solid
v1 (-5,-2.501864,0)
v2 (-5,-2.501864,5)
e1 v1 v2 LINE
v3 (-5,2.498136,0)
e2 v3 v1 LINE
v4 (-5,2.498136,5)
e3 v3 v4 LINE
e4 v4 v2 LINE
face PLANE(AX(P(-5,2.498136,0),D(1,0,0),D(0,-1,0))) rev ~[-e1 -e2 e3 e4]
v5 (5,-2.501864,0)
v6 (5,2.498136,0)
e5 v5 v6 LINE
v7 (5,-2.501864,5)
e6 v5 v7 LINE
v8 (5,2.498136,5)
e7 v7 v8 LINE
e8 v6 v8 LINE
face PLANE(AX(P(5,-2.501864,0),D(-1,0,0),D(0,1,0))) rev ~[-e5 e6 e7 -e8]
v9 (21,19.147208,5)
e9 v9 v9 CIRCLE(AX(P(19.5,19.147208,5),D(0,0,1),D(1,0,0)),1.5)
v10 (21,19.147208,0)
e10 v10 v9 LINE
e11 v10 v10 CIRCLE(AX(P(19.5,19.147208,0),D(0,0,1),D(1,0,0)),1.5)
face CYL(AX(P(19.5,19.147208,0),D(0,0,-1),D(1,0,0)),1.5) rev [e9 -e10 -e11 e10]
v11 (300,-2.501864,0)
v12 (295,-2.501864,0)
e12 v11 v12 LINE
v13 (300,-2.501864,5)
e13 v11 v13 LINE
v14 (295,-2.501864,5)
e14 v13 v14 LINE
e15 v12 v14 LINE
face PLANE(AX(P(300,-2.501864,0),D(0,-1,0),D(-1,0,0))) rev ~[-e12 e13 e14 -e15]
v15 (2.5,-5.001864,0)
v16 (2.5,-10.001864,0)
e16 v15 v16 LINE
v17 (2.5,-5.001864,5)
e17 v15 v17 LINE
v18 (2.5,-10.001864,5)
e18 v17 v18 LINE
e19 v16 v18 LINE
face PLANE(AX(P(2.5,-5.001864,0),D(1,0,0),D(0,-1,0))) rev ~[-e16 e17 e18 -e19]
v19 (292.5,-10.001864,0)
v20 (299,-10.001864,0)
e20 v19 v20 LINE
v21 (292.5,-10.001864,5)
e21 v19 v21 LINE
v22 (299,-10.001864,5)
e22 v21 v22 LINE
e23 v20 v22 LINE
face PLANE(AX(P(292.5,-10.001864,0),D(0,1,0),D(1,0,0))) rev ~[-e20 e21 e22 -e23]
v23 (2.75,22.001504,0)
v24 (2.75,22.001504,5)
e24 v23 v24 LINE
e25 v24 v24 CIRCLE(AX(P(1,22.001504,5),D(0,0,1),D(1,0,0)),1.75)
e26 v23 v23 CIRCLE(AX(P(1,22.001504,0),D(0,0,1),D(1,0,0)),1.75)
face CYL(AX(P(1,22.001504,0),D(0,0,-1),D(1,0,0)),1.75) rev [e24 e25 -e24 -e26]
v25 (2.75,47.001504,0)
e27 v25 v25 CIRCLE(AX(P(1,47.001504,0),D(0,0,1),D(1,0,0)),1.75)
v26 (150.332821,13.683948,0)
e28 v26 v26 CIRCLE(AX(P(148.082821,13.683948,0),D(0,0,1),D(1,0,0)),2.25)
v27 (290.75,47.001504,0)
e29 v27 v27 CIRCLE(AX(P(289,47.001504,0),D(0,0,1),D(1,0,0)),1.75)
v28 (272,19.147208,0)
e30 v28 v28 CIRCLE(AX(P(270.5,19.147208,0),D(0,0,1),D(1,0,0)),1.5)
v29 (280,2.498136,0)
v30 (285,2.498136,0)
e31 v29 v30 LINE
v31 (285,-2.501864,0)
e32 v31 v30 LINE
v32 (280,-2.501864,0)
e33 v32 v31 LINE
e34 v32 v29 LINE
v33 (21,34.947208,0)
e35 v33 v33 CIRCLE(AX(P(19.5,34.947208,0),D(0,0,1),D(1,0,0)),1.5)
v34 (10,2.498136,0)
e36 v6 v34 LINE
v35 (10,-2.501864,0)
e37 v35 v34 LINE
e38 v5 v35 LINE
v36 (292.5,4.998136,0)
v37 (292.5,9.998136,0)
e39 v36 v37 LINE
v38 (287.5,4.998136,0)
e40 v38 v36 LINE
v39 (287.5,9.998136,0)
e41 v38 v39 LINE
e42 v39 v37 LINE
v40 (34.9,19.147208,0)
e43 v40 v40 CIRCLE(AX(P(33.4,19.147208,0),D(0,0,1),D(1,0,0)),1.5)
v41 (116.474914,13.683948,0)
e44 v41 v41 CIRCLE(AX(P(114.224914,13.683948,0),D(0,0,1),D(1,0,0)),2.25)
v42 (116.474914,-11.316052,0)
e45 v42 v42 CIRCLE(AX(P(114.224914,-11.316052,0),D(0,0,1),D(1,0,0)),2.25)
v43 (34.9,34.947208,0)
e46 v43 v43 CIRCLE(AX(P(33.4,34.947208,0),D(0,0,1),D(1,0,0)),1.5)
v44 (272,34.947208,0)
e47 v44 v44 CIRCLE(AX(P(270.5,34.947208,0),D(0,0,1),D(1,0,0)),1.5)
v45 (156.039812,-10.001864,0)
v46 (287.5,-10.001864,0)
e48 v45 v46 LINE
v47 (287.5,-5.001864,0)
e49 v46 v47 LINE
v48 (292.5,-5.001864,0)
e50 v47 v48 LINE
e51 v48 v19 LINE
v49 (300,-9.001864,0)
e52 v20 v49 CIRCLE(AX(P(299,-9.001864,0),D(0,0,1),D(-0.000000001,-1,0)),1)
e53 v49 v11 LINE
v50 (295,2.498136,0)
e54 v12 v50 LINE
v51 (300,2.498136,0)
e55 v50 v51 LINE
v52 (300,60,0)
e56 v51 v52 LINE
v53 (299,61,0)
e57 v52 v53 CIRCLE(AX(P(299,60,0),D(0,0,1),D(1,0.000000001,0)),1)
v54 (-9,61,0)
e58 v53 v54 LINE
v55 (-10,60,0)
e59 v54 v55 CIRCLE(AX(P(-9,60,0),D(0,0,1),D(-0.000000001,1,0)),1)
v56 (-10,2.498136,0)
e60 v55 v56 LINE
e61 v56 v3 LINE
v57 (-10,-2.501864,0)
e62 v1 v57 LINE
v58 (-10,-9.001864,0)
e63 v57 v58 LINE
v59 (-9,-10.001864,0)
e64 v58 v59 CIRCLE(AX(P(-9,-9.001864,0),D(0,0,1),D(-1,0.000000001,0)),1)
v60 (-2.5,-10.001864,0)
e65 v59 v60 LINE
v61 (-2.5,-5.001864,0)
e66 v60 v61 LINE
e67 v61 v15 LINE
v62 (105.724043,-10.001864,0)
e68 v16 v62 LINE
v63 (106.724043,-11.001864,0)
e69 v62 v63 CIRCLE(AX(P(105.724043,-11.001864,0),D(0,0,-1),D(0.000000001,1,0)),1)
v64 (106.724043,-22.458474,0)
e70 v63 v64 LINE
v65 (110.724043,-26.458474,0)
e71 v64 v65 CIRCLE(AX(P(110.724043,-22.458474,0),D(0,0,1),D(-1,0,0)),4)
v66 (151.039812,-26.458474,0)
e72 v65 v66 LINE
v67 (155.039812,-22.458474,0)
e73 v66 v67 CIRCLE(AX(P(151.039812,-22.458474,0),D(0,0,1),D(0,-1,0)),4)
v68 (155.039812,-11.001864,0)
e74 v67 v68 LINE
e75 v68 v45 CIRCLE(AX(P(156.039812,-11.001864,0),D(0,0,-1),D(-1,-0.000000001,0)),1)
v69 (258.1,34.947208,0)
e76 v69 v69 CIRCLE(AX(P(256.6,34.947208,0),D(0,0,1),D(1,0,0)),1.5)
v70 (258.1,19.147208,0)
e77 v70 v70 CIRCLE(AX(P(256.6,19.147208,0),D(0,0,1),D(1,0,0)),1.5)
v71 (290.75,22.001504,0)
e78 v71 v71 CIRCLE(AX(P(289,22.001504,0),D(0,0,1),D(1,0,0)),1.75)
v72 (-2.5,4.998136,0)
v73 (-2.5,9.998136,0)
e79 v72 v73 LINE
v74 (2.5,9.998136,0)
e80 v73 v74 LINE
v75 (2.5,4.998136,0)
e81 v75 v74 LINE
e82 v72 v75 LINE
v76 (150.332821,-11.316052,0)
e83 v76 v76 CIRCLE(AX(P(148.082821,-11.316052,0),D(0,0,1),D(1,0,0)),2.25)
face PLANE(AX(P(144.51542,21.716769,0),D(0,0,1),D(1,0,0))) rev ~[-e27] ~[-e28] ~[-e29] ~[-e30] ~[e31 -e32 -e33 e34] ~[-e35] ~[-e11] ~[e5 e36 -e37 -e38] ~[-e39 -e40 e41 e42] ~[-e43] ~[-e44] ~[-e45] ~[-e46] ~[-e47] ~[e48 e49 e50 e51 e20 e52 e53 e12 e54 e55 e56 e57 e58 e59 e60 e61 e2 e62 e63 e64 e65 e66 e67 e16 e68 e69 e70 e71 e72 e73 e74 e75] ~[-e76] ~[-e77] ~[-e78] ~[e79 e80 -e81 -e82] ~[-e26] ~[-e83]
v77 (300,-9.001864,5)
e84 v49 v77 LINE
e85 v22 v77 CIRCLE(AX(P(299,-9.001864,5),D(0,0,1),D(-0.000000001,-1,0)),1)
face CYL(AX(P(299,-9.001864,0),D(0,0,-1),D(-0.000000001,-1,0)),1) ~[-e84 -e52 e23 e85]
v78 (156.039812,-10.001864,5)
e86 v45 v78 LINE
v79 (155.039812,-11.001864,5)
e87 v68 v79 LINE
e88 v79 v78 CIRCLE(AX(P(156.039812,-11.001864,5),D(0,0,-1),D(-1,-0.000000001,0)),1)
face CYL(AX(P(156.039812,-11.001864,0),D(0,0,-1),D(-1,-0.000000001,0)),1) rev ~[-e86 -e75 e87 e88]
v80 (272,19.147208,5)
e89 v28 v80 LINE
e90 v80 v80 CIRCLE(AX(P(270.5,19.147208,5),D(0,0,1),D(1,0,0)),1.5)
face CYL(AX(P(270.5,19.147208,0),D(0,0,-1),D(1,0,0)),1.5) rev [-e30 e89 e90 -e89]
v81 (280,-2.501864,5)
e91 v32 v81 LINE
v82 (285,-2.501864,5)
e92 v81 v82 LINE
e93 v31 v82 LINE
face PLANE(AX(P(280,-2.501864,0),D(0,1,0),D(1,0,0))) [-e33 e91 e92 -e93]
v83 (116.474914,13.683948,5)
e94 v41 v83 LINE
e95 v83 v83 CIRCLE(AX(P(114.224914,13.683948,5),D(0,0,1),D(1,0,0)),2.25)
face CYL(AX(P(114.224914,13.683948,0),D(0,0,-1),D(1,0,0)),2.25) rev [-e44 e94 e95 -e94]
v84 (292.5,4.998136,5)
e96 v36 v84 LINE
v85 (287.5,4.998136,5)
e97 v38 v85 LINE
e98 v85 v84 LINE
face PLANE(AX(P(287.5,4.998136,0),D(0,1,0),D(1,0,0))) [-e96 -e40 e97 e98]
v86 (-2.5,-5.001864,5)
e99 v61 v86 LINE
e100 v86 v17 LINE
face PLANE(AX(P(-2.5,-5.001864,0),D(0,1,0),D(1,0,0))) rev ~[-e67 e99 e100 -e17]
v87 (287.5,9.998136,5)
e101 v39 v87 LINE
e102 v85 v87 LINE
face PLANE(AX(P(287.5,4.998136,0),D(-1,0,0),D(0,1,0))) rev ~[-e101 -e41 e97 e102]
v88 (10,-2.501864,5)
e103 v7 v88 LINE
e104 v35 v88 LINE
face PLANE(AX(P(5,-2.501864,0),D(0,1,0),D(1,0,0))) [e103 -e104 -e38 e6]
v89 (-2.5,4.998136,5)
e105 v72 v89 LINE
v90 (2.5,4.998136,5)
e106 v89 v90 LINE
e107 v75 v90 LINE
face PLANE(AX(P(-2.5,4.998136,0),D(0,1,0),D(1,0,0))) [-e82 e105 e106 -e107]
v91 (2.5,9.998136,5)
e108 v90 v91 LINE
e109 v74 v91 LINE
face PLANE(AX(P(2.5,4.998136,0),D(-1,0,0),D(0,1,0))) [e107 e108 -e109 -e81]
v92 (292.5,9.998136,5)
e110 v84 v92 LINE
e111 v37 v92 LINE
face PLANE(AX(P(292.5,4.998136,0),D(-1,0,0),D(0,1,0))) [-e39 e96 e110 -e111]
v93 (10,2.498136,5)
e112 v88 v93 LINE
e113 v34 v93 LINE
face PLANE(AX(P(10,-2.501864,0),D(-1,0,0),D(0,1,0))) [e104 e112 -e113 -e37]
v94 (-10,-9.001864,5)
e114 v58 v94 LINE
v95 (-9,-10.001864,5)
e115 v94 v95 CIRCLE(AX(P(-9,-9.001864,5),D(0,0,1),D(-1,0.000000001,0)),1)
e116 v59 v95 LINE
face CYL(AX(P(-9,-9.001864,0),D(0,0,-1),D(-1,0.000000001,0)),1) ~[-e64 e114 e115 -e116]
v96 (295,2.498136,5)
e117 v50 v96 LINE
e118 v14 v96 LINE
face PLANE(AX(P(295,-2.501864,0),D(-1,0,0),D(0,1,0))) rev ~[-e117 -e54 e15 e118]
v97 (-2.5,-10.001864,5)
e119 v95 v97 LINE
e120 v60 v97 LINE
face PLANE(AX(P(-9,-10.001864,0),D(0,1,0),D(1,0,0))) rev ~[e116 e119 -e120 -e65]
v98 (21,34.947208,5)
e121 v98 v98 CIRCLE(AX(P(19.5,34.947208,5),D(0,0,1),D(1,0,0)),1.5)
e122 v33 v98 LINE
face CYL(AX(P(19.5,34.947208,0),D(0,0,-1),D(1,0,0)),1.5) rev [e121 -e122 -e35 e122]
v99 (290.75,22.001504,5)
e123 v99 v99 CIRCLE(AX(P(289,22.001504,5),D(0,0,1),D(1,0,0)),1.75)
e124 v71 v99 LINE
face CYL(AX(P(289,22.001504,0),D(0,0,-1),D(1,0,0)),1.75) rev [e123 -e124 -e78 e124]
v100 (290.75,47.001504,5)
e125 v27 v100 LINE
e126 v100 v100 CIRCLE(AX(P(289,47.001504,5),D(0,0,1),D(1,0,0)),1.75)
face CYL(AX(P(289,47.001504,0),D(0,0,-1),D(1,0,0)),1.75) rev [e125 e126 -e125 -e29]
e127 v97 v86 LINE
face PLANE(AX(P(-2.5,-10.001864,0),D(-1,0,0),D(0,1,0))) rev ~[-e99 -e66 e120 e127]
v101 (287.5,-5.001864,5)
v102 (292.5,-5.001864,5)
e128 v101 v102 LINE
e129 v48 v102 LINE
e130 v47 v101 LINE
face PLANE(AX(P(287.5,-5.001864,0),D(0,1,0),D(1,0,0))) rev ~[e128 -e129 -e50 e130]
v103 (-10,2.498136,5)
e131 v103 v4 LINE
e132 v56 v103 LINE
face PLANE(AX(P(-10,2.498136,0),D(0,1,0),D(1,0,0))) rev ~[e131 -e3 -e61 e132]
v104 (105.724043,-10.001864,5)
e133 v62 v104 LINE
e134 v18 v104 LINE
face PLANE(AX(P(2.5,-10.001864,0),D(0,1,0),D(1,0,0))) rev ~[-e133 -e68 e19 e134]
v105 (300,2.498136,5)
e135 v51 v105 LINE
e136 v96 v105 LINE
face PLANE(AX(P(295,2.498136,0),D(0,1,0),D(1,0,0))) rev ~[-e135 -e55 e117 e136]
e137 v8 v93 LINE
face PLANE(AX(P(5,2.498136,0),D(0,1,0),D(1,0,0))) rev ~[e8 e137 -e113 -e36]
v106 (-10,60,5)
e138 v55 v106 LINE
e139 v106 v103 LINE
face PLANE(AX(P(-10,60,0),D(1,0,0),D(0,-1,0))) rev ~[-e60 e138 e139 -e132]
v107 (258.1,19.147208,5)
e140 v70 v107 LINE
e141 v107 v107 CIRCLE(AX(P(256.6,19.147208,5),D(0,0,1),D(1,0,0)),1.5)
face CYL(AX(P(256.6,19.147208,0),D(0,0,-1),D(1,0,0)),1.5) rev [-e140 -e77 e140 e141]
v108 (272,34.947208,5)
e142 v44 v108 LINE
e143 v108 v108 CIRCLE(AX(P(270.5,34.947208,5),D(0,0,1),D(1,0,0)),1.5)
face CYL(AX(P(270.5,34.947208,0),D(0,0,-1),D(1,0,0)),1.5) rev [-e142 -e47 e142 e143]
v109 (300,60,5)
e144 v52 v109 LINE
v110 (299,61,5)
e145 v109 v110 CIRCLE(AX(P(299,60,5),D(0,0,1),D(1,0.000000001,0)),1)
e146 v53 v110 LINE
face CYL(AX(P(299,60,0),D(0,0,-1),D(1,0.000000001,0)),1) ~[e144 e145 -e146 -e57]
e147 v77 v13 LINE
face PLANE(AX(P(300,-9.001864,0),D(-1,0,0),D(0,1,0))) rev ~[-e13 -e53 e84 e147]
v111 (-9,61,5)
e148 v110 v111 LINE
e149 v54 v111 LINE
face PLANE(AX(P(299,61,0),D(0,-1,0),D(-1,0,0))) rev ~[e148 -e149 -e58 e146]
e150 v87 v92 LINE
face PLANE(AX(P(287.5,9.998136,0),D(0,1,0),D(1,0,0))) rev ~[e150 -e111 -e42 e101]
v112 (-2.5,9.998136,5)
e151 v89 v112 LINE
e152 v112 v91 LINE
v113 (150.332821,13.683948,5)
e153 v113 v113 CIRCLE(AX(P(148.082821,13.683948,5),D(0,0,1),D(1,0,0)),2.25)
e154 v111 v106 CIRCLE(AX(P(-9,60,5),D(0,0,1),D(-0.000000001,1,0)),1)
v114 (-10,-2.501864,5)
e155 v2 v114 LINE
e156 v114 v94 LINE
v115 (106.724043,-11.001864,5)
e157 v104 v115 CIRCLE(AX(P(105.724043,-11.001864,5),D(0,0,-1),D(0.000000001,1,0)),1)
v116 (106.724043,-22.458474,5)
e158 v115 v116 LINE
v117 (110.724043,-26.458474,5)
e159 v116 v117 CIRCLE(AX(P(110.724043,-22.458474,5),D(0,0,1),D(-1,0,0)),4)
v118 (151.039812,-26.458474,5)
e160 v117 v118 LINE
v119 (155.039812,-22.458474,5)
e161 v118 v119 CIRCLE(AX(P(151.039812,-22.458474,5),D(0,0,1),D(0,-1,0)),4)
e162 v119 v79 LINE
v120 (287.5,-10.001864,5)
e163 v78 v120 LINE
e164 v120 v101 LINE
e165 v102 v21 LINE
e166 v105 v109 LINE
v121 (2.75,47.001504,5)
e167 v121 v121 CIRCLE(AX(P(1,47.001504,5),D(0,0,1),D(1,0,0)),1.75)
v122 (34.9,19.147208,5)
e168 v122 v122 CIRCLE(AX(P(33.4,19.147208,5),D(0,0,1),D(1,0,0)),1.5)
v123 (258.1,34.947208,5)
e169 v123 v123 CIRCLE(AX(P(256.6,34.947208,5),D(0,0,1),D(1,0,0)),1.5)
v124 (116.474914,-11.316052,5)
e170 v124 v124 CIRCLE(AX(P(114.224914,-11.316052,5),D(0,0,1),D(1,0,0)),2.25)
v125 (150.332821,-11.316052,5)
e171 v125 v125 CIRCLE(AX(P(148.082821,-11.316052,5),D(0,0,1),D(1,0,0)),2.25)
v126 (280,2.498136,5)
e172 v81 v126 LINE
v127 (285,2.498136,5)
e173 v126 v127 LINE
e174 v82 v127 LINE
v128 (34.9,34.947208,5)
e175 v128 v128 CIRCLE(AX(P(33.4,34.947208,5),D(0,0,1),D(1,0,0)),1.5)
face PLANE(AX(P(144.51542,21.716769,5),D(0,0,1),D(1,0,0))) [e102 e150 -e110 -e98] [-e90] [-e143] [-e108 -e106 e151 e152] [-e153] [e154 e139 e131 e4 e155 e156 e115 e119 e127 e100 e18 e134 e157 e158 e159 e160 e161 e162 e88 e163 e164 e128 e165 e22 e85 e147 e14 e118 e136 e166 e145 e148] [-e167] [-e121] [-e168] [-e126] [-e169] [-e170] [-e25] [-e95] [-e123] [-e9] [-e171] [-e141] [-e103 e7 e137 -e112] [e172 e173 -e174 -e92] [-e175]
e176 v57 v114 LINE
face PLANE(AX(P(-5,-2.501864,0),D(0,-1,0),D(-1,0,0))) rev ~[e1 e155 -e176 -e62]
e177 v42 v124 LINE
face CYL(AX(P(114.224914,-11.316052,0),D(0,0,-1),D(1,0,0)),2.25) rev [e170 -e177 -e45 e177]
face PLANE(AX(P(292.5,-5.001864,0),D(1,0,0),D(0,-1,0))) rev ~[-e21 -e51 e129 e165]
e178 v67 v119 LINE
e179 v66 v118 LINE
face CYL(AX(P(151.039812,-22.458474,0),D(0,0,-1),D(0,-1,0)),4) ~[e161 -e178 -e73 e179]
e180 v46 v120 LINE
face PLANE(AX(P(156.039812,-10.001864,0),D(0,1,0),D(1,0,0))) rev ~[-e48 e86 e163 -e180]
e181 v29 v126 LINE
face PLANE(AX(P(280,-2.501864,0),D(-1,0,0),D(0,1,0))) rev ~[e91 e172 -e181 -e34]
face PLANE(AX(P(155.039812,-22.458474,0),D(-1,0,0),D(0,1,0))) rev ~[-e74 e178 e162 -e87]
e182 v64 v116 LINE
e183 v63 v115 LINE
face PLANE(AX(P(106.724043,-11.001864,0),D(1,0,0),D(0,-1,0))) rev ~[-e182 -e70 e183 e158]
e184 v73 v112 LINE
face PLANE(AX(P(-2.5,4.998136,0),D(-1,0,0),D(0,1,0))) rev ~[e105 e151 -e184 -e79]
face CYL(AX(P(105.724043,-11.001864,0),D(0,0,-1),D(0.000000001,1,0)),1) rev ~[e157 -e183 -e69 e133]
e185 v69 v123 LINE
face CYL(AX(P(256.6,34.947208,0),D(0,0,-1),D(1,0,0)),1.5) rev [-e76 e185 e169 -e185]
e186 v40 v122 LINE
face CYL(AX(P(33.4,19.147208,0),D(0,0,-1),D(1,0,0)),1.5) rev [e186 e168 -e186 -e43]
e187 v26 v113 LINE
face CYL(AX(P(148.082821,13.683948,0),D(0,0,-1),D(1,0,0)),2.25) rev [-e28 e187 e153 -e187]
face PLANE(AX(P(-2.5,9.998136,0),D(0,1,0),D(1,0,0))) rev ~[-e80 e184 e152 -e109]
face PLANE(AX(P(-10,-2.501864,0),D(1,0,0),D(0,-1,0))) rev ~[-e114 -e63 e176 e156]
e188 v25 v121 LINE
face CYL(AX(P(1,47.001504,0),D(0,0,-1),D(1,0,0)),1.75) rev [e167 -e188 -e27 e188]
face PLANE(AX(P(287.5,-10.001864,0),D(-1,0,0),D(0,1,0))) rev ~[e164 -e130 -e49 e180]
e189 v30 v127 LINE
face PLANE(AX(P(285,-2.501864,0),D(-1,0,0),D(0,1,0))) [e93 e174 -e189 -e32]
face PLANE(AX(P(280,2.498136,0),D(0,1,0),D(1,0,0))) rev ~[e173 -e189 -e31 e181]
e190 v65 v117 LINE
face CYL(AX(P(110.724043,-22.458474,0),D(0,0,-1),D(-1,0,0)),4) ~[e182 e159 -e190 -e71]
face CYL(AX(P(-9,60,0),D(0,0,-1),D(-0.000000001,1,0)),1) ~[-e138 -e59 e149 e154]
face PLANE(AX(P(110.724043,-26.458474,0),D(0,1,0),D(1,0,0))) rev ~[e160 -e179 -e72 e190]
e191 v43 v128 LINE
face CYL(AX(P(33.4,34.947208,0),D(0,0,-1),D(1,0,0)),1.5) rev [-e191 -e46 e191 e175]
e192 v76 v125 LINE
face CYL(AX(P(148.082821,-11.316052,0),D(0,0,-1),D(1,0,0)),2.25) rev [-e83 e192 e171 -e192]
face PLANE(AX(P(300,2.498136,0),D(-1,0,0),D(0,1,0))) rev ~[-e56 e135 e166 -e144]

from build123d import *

# Parameters (mm, degrees)
SKETCH1_R           = 1.5
SKETCH1_R_2         = 1.75
SKETCH1_R_3         = 2.25
SKETCH1_W           = 5
SKETCH1_H           = 5
BOSS_EXTRUDE1_DEPTH = 5


with BuildPart() as part:
    # Sketch1 → Boss-Extrude1 (new body)
    with BuildSketch(Plane.XY):
        with BuildLine():
            Line((-10, -2.501863855), (-10, -9.001863855))
            ThreePointArc((-10, -9.001863855), (-9.707106781, -9.708970637), (-9, -10.001863855))
            Line((-9, -10.001863855), (-2.5, -10.001863855))
            Line((-2.5, -10.001863855), (-2.5, -5.001863855))
            Line((-2.5, -5.001863855), (2.5, -5.001863855))
            Line((2.5, -5.001863855), (2.5, -10.001863855))
            Line((2.5, -10.001863855), (105.724043242, -10.001863855))
            ThreePointArc((105.724043242, -10.001863855), (106.431150023, -10.294757074), (106.724043242, -11.001863855))
            Line((106.724043242, -11.001863855), (106.724043242, -22.458474266))
            ThreePointArc((106.724043242, -22.458474266), (107.895616117, -25.286901391), (110.724043242, -26.458474266))
            Line((110.724043242, -26.458474266), (151.039811852, -26.458474266))
            ThreePointArc((151.039811852, -26.458474266), (153.868238976, -25.286901391), (155.039811852, -22.458474266))
            Line((155.039811852, -22.458474266), (155.039811852, -11.001863855))
            ThreePointArc((155.039811852, -11.001863855), (155.33270507, -10.294757074), (156.039811852, -10.001863855))
            Line((156.039811852, -10.001863855), (287.5, -10.001863855))
            Line((287.5, -10.001863855), (287.5, -5.001863855))
            Line((287.5, -5.001863855), (292.5, -5.001863855))
            Line((292.5, -5.001863855), (292.5, -10.001863855))
            Line((292.5, -10.001863855), (299, -10.001863855))
            ThreePointArc((299, -10.001863855), (299.707106781, -9.708970637), (300, -9.001863855))
            Line((300, -9.001863855), (300, -2.501863855))
            Line((300, -2.501863855), (295, -2.501863855))
            Line((295, -2.501863855), (295, 2.498136145))
            Line((295, 2.498136145), (300, 2.498136145))
            Line((300, 2.498136145), (300, 60))
            ThreePointArc((300, 60), (299.707106781, 60.707106781), (299, 61))
            Line((299, 61), (-9, 61))
            ThreePointArc((-9, 61), (-9.707106781, 60.707106781), (-10, 60))
            Line((-10, 60), (-10, 2.498136145))
            Line((-10, 2.498136145), (-5, 2.498136145))
            Line((-5, 2.498136145), (-5, -2.501863855))
            Line((-5, -2.501863855), (-10, -2.501863855))
        make_face()
        with Locations((33.4, 34.947207957)):
            Circle(SKETCH1_R, mode=Mode.SUBTRACT)
        with Locations((19.5, 34.947207957)):
            Circle(SKETCH1_R, mode=Mode.SUBTRACT)
        with Locations((256.6, 34.947207957)):
            Circle(SKETCH1_R, mode=Mode.SUBTRACT)
        with Locations((270.5, 34.947207957)):
            Circle(SKETCH1_R, mode=Mode.SUBTRACT)
        with Locations((270.5, 19.147207957)):
            Circle(SKETCH1_R, mode=Mode.SUBTRACT)
        with Locations((256.6, 19.147207957)):
            Circle(SKETCH1_R, mode=Mode.SUBTRACT)
        with Locations((289, 22.001504258)):
            Circle(SKETCH1_R_2, mode=Mode.SUBTRACT)
        with Locations((19.5, 19.147207957)):
            Circle(SKETCH1_R, mode=Mode.SUBTRACT)
        with Locations((148.082820817, 13.683948234)):
            Circle(SKETCH1_R_3, mode=Mode.SUBTRACT)
        with Locations((148.082820817, -11.316051766)):
            Circle(SKETCH1_R_3, mode=Mode.SUBTRACT)
        with Locations((289, 47.001504258)):
            Circle(SKETCH1_R_2, mode=Mode.SUBTRACT)
        with Locations((1, 22.001504258)):
            Circle(SKETCH1_R_2, mode=Mode.SUBTRACT)
        with Locations((1, 47.001504258)):
            Circle(SKETCH1_R_2, mode=Mode.SUBTRACT)
        with Locations((33.4, 19.147207957)):
            Circle(SKETCH1_R, mode=Mode.SUBTRACT)
        with Locations((114.224914373, -11.316051766)):
            Circle(SKETCH1_R_3, mode=Mode.SUBTRACT)
        with Locations((114.224914373, 13.683948234)):
            Circle(SKETCH1_R_3, mode=Mode.SUBTRACT)
        with Locations((0, 7.498136145)):
            Rectangle(SKETCH1_W, SKETCH1_H, mode=Mode.SUBTRACT)
        with Locations((7.5, -0.001863855)):
            Rectangle(SKETCH1_W, SKETCH1_H, mode=Mode.SUBTRACT)
        with Locations((282.5, -0.001863855)):
            Rectangle(SKETCH1_W, SKETCH1_H, mode=Mode.SUBTRACT)
        with Locations((290, 7.498136145)):
            Rectangle(SKETCH1_W, SKETCH1_H, mode=Mode.SUBTRACT)
    extrude(amount=BOSS_EXTRUDE1_DEPTH)


solid = part.part
